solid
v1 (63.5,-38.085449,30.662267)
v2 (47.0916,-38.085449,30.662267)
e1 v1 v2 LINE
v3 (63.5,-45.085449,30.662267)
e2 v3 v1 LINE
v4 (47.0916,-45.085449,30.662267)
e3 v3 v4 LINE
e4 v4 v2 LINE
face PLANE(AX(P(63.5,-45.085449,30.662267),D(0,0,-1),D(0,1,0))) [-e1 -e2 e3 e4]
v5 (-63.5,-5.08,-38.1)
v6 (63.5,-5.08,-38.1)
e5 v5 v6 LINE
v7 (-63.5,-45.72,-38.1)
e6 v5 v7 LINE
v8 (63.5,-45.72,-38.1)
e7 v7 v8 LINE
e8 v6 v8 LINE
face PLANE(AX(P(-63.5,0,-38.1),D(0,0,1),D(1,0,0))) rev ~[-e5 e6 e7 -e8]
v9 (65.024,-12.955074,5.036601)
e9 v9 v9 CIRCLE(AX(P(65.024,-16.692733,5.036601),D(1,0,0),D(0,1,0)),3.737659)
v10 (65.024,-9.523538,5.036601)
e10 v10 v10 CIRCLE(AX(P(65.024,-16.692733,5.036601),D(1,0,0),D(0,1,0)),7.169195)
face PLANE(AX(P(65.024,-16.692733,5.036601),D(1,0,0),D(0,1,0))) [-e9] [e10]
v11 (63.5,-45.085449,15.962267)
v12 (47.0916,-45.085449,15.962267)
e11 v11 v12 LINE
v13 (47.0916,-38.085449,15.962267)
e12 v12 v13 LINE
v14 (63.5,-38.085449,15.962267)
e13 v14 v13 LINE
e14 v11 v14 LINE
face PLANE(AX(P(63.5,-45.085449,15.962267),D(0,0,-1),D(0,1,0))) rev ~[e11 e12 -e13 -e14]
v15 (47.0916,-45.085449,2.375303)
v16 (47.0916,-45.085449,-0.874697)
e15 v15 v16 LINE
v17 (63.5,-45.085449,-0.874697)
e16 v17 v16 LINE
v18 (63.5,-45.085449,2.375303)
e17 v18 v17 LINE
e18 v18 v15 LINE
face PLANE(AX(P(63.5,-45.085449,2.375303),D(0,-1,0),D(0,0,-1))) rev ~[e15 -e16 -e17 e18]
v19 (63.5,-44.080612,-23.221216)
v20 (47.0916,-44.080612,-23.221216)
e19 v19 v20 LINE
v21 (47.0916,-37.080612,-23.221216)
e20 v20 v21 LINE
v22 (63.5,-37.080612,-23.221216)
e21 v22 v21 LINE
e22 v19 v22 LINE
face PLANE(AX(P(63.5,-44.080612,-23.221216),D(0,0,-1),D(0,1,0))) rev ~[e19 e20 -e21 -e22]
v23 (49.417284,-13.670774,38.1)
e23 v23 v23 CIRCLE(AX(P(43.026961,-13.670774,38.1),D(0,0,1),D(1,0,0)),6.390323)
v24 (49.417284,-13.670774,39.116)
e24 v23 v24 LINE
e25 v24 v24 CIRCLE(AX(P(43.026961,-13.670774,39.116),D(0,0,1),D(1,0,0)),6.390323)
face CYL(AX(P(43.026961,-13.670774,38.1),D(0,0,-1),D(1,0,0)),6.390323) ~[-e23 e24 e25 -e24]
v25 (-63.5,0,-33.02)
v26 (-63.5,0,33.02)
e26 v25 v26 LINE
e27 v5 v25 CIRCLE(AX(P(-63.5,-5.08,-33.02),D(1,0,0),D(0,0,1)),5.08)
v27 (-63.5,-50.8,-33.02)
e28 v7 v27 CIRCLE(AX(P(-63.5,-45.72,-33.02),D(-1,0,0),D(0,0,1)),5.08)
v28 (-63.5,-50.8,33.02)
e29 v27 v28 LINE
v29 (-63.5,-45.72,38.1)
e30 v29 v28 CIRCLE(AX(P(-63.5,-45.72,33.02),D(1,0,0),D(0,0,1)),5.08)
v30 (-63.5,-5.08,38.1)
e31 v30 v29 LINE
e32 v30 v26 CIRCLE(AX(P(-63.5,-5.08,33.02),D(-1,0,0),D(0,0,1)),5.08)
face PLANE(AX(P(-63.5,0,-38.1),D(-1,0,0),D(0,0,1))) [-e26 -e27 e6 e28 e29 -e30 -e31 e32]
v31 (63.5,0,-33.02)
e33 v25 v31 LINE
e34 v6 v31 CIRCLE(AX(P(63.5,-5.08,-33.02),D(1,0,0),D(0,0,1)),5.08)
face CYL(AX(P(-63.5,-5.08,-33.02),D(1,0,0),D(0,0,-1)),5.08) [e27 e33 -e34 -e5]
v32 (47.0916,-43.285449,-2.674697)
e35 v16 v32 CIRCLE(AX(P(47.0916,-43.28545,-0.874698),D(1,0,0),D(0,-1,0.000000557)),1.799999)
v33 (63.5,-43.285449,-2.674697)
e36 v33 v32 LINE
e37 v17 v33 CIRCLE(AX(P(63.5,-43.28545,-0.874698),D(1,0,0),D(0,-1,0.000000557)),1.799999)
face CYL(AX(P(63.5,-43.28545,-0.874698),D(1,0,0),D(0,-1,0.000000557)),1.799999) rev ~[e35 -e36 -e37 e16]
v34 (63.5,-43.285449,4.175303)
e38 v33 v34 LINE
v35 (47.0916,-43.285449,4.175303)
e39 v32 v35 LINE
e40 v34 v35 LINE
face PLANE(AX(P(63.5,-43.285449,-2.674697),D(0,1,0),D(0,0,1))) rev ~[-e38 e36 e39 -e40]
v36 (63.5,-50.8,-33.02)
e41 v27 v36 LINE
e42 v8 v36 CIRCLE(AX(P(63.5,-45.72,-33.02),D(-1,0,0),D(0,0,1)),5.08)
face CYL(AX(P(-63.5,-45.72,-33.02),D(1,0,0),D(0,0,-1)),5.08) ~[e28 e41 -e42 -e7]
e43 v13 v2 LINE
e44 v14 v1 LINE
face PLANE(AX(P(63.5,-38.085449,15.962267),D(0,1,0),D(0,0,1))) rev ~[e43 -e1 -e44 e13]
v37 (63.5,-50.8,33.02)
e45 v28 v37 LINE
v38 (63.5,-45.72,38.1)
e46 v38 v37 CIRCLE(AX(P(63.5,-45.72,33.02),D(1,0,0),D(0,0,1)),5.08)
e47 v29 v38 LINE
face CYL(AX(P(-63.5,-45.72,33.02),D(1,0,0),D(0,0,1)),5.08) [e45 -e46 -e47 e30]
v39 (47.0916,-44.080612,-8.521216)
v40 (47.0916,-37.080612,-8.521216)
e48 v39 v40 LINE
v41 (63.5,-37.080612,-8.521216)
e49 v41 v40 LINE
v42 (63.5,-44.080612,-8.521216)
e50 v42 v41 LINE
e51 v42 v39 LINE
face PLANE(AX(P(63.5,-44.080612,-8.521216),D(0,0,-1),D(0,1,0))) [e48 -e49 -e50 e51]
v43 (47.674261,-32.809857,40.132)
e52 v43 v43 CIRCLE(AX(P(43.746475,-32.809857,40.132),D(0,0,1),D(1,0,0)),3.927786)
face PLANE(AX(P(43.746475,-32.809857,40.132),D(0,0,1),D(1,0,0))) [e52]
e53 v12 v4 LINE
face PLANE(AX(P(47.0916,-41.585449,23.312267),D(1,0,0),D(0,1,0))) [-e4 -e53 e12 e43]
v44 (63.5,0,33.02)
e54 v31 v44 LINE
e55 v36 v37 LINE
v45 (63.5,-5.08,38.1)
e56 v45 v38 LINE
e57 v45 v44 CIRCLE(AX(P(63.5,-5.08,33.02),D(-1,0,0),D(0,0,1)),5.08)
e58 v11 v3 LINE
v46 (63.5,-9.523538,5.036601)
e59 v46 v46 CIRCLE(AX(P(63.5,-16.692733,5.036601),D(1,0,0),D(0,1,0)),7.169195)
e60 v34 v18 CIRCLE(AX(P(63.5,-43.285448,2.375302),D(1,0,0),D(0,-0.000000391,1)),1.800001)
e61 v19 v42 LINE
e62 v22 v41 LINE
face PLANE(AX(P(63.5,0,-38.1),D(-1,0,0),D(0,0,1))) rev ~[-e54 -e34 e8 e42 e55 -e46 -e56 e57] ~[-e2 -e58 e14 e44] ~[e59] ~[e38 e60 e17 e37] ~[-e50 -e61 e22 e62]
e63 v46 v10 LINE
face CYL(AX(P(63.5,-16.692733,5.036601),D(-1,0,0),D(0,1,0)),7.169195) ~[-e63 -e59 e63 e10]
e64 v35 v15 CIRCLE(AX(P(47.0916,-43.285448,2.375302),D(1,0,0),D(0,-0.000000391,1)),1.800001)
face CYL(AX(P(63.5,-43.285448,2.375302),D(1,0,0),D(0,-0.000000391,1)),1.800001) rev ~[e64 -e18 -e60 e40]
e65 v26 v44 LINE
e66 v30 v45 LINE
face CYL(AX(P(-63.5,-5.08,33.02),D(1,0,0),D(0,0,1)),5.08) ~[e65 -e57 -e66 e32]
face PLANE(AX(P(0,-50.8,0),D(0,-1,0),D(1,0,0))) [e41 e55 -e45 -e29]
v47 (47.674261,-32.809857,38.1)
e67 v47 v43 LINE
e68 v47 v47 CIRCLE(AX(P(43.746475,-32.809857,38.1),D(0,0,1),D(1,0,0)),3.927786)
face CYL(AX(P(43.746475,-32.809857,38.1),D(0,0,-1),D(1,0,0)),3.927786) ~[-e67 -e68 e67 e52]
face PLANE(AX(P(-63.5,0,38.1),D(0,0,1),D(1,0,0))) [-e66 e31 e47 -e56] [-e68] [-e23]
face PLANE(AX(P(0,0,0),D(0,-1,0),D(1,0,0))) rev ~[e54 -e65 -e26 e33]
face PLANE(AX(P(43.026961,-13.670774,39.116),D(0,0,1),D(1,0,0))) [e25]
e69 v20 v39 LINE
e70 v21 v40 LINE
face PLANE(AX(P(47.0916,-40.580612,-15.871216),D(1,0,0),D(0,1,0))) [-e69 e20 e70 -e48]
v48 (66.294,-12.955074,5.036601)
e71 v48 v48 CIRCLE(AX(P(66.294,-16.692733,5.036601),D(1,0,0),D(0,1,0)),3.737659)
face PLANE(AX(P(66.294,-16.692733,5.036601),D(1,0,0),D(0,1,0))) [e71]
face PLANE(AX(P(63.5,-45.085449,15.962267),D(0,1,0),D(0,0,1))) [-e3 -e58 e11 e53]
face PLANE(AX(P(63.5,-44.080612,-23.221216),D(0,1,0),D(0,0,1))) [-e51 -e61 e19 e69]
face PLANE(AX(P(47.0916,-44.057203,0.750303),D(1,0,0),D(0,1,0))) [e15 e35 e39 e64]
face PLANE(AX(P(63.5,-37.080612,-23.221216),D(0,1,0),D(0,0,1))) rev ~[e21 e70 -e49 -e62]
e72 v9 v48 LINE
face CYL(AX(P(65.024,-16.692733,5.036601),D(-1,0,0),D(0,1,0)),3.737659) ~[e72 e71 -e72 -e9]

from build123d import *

# Parameters (mm, degrees)
F0_W      = 127
F0_H      = 76.2
F1_DEPTH  = 50.8
F2_R      = 5.08
F3_W      = 7
F3_H      = 14.7
F4_DEPTH  = 16.4084
F5_W      = 7
F5_H      = 14.7
F6_DEPTH  = 16.4084
F8_DEPTH  = 16.4084
F9_R      = 6.390323
F10_DEPTH = 1.016
F11_R     = 7.169195
F12_DEPTH = 1.524
F13_R     = 3.737659
F14_DEPTH = 1.27
F15_R     = 3.927786
F16_DEPTH = 2.032


with BuildPart() as f1:
    # F0 (on Front) → F1 (new body)
    with BuildSketch(Plane.XZ):
        Rectangle(F0_W, F0_H)
    extrude(amount=F1_DEPTH)

    # F2
    f2_edges = [f1.edges().sort_by_distance(p)[0] for p in [
        (0, -50.8, 38.1),
        (0, -50.8, -38.1),
        (0, 0, 38.1),
        (0, 0, -38.1),
    ]]
    fillet(f2_edges, radius=F2_R)

    # F3 (on face) → F4 (cut)
    with BuildSketch(Plane.YZ.offset(63.5)):
        with Locations((-41.585449, 23.312267)):
            Rectangle(F3_W, F3_H)
    extrude(amount=-F4_DEPTH, mode=Mode.SUBTRACT)

    # F5 (on face) → F6 (cut)
    with BuildSketch(Plane.YZ.offset(63.5)):
        with Locations((-40.580612, -15.871216)):
            Rectangle(F5_W, F5_H)
    extrude(amount=-F6_DEPTH, mode=Mode.SUBTRACT)

    # F7 (on face) → F8 (cut)
    with BuildSketch(Plane.YZ.offset(63.5)):
        with BuildLine():
            ThreePointArc((-43.285449, 4.175303), (-44.558241, 3.648095), (-45.085449, 2.375303))
            Line((-45.085449, 2.375303), (-45.085449, -0.874697))
            ThreePointArc((-45.085449, -0.874697), (-44.558241, -2.14749), (-43.285449, -2.674697))
            Line((-43.285449, -2.674697), (-43.285449, 4.175303))
        make_face()
    extrude(amount=-F8_DEPTH, mode=Mode.SUBTRACT)

    # F9 (on face) → F10 (join)
    with BuildSketch(Plane.XY.offset(38.1)):
        with Locations((43.026961, -13.670774)):
            Circle(F9_R)
    extrude(amount=F10_DEPTH)

    # F11 (on face) → F12 (join)
    with BuildSketch(Plane.YZ.offset(63.5)):
        with Locations((-16.692733, 5.036601)):
            Circle(F11_R)
    extrude(amount=F12_DEPTH)

    # F13 (on face) → F14 (join)
    with BuildSketch(Plane.YZ.offset(65.024)):
        with Locations((-16.692733, 5.036601)):
            Circle(F13_R)
    extrude(amount=F14_DEPTH)

    # F15 (on face) → F16 (join)
    with BuildSketch(Plane.XY.offset(38.1)):
        with Locations((43.746475, -32.809857)):
            Circle(F15_R)
    extrude(amount=F16_DEPTH)


solid = f1.part
